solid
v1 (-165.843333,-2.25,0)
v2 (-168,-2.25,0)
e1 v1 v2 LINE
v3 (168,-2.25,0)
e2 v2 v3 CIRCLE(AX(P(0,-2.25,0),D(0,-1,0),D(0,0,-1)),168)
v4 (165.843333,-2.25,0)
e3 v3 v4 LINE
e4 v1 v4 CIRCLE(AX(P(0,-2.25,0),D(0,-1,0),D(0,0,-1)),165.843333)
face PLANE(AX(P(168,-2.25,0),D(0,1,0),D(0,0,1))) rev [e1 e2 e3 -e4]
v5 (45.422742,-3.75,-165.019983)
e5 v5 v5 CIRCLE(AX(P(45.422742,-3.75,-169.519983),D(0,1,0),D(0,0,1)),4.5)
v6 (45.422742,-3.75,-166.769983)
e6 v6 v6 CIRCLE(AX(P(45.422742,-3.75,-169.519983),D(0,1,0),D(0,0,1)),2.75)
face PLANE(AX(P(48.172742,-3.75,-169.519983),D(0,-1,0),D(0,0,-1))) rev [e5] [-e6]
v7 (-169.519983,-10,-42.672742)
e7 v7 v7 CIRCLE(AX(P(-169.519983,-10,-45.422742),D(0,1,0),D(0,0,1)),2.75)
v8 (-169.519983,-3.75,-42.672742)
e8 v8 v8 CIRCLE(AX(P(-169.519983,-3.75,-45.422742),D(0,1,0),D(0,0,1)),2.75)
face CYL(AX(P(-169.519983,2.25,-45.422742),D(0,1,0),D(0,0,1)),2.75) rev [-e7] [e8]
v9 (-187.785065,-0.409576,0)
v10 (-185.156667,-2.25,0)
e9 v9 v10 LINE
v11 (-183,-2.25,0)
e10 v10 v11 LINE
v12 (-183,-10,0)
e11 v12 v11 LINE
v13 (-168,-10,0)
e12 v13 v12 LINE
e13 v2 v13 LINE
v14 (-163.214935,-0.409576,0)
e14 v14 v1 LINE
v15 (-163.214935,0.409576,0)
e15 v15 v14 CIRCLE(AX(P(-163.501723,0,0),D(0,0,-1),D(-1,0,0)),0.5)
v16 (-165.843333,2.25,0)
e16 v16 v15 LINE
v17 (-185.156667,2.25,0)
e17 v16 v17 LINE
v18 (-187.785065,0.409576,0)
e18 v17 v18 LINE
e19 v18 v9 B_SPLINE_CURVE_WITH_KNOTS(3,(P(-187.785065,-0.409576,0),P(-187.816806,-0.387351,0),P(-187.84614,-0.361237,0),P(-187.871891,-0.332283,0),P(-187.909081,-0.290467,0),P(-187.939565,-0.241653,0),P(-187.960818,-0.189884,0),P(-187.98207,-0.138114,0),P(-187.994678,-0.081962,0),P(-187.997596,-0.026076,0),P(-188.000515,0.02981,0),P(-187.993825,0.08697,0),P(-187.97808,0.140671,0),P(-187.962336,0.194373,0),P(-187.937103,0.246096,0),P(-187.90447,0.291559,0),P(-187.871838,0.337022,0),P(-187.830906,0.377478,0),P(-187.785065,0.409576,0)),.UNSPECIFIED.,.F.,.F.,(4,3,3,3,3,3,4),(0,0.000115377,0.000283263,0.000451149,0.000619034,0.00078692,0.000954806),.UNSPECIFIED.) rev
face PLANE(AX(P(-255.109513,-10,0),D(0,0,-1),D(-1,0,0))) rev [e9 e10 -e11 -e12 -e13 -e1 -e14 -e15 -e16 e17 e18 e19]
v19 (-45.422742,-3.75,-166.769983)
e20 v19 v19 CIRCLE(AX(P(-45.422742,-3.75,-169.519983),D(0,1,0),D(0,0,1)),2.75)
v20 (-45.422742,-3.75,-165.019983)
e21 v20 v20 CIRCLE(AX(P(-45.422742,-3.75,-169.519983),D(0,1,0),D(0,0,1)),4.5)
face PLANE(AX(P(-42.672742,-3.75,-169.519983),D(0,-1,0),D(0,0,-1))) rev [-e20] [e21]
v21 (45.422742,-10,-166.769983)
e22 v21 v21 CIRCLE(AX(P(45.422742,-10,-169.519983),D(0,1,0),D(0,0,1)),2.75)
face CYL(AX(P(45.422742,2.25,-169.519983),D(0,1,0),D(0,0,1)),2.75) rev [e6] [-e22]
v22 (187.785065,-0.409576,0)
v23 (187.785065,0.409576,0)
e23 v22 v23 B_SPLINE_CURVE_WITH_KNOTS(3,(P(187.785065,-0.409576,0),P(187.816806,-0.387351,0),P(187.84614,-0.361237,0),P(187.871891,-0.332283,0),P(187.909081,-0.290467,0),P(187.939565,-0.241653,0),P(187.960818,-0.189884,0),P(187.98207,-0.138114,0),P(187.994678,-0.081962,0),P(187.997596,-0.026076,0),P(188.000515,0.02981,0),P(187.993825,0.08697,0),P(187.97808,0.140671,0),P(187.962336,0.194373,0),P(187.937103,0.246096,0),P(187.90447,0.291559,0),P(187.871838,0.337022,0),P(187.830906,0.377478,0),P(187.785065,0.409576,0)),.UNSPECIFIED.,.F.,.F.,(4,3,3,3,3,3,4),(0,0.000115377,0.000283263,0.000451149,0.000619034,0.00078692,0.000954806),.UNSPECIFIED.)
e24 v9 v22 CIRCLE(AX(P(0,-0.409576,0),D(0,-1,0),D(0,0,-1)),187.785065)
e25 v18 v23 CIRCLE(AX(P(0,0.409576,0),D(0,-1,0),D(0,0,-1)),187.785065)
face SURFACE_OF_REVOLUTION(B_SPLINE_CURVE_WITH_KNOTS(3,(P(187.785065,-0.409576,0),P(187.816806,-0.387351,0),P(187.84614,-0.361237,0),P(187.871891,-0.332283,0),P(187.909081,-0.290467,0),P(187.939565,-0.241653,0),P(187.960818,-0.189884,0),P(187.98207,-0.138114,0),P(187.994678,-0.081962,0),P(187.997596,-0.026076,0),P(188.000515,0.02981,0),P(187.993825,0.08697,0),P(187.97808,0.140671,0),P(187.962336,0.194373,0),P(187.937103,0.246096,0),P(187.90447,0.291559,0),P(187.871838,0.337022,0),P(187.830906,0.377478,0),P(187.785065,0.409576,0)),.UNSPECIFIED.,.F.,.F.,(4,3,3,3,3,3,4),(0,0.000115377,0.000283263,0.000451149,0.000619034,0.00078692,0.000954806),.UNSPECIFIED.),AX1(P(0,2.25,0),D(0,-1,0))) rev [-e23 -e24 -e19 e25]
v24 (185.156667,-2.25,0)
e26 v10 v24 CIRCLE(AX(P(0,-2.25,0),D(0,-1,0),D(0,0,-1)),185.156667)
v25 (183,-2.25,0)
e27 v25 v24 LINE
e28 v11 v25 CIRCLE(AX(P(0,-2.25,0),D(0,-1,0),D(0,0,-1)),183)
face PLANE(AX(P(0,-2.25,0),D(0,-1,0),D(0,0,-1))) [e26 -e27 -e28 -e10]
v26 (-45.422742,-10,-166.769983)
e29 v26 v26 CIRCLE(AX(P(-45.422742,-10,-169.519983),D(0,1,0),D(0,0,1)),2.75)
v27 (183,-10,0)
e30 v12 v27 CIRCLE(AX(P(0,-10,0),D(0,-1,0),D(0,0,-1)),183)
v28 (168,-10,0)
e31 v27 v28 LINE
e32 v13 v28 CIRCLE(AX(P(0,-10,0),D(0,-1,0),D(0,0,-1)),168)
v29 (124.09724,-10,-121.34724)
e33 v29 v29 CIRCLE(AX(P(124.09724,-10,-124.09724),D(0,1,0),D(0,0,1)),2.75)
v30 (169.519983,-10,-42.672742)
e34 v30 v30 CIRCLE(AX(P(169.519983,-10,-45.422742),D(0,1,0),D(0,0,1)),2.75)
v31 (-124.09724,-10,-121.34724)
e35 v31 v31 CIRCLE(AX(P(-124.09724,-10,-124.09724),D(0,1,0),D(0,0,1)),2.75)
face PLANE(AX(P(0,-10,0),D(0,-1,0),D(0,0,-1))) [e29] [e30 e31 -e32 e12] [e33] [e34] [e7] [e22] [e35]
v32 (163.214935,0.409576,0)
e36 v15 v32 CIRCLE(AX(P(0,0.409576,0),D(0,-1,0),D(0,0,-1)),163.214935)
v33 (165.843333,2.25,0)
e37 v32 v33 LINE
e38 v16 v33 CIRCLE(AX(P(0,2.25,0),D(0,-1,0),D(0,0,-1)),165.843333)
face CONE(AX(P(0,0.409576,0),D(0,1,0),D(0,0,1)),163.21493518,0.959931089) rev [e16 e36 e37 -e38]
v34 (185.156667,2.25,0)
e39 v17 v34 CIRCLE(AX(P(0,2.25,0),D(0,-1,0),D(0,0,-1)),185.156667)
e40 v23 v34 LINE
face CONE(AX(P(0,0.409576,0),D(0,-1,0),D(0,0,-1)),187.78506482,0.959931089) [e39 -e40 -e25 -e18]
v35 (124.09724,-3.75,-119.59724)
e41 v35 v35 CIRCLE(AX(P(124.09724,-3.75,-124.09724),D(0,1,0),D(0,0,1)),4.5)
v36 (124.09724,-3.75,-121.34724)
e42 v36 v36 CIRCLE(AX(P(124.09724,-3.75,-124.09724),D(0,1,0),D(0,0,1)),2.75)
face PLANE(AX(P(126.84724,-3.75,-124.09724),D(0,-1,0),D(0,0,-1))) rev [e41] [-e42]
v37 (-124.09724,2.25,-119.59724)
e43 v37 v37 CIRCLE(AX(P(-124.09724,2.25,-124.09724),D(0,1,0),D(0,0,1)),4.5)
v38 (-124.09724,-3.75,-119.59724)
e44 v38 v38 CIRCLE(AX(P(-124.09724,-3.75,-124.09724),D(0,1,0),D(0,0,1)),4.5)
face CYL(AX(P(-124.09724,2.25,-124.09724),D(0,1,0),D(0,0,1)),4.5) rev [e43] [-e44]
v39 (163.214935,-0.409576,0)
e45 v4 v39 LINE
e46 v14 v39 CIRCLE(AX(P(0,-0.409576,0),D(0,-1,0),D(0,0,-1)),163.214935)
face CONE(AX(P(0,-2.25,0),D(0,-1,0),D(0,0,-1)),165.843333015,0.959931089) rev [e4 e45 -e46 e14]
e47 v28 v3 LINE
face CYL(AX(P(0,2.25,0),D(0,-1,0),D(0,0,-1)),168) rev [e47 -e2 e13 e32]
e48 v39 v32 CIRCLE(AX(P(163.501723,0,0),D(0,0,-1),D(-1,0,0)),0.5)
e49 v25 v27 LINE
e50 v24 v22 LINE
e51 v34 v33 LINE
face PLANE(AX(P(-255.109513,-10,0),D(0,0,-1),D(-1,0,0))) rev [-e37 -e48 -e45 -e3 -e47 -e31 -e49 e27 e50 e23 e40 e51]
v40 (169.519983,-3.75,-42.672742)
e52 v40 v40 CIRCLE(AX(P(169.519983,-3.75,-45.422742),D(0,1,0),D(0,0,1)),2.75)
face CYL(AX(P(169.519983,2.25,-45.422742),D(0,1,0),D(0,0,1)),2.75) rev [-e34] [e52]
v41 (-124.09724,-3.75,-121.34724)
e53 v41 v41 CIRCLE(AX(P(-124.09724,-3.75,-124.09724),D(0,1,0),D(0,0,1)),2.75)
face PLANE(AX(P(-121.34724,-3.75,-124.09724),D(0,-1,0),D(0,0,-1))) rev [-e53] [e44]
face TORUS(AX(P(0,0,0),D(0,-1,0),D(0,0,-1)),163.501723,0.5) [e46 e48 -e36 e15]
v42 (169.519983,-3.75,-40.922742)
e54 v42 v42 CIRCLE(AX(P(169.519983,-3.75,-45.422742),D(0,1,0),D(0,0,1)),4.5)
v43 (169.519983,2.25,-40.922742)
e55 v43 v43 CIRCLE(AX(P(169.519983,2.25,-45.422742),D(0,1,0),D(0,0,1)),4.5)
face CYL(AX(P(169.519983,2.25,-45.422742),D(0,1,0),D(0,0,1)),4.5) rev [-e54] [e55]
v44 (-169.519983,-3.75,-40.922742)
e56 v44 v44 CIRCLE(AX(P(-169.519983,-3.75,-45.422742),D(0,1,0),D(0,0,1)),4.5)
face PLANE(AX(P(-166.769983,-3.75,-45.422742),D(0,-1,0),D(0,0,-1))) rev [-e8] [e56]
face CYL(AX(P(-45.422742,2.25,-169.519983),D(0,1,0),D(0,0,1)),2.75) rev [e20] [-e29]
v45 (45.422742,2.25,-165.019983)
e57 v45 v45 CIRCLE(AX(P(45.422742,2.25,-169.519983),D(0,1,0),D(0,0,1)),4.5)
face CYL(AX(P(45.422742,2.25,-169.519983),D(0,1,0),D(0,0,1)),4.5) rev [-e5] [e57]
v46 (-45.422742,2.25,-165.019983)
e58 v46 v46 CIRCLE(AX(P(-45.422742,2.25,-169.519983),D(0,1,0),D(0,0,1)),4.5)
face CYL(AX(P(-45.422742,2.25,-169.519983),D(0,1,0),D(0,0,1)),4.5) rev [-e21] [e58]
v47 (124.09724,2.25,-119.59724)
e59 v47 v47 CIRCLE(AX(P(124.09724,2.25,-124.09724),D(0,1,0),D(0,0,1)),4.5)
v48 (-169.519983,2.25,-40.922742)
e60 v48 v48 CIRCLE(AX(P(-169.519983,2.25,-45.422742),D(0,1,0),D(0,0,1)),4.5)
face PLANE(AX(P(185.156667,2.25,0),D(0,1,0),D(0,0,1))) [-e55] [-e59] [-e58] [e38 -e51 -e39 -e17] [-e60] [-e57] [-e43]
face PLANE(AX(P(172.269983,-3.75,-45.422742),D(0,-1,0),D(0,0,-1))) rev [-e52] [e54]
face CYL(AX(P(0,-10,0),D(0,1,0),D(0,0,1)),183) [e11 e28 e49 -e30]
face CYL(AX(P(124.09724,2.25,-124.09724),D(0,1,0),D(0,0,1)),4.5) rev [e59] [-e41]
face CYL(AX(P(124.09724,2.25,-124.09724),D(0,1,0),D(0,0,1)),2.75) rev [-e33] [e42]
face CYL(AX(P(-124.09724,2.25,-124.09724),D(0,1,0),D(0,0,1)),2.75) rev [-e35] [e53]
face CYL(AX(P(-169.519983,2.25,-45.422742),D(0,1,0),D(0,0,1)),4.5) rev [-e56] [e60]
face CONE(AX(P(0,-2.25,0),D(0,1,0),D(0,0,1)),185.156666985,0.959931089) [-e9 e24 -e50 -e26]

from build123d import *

# Parameters (mm, degrees)
SKETCH_2_R                   = 183
EXTRUDE_1_DEPTH              = 7.75
HOLE_WIZARD_M5_1_D           = 5.5
HOLE_WIZARD_M5_1_CBORE_D     = 9
HOLE_WIZARD_M5_1_CBORE_DEPTH = 6
SKETCH_6_W                   = 499.91157149
SKETCH_6_H                   = 215.35218654
CUT_EXTRUDE_1_DEPTH          = 267.151754372


with BuildPart() as part:
    # 草图1 → 旋转1 (revolve)
    with BuildSketch(Plane.XY, mode=Mode.PRIVATE) as revolve_1_sk:
        with BuildLine():
            Line((185.156666985, 2.25), (0, 2.25))
            Line((0, 2.25), (0, -2.25))
            Line((0, -2.25), (185.156666985, -2.25))
            Line((185.156666985, -2.25), (187.78506482, -0.409576022))
            add(Edge.make_bspline(
                [(187.78506482, 0.409576022), (187.830906121, 0.377477598), (187.871837762, 0.337021948), (187.904470176, 0.291559224), (187.937102589, 0.246096499), (187.962335818, 0.194372782), (187.978080287, 0.140671335), (187.993824756, 0.086969887), (188.000514717, 0.029809558), (187.997596172, -0.026076181), (187.994677627, -0.08196192), (187.982070079, -0.138114466), (187.960817564, -0.189883804), (187.939565048, -0.241653142), (187.909081396, -0.290467133), (187.87189097, -0.332283469), (187.846140091, -0.361237358), (187.816805619, -0.387350876), (187.78506482, -0.409576022)],
                knots=[0, 0, 0, 0, 0.000167886, 0.000167886, 0.000167886, 0.000335771, 0.000335771, 0.000335771, 0.000503657, 0.000503657, 0.000503657, 0.000671543, 0.000671543, 0.000671543, 0.000839428, 0.000839428, 0.000839428, 0.000954806, 0.000954806, 0.000954806, 0.000954806], degree=3))
            Line((187.78506482, 0.409576022), (185.156666985, 2.25))
        make_face()
    revolve(revolve_1_sk.sketch.rotate(Axis((0, 2.25, 0), (0, -1, 0)), 270), axis=Axis((0, 2.25, 0), (0, -1, 0)))

    # 草图2 → 凸台-拉伸1 (add)
    with BuildSketch(Plane.XZ.offset(2.25)):
        with Locations(Location((0, 0, 0), (0, 0, 270))):
            Circle(SKETCH_2_R)
    extrude(amount=EXTRUDE_1_DEPTH)

    # 草图3 → 切除-旋转1 (revolve, cut)
    with BuildSketch(Plane.XY, mode=Mode.PRIVATE) as cut_revolve_1_sk:
        with BuildLine():
            Line((165.843333015, 2.25), (0, 2.25))
            Line((0, 2.25), (0, -10))
            Line((0, -10), (168, -10))
            Line((168, -10), (168, -2.25))
            Line((168, -2.25), (165.843333015, -2.25))
            Line((165.843333015, -2.25), (163.21493518, -0.409576022))
            ThreePointArc((163.21493518, -0.409576022), (163.001723398, 0), (163.21493518, 0.409576022))
            Line((163.21493518, 0.409576022), (165.843333015, 2.25))
        make_face()
    revolve(cut_revolve_1_sk.sketch.rotate(Axis((0, 2.25, 0), (0, -1, 0)), 270), axis=Axis((0, 2.25, 0), (0, -1, 0)), mode=Mode.SUBTRACT)

    # M5 六角头螺栓的柱形沉头孔1 (through all)
    with Locations(Plane(origin=(0, 2.25, 0), x_dir=(1, 0, 0), z_dir=(0, 1, 0))):
        with Locations((-45.422742415, -169.519982514), (-124.097240098, -124.097240098), (-169.519982514, -45.422742415), (45.422742415, -169.519982514), (124.097240098, -124.097240098), (169.519982514, -45.422742415), (-45.422742415, 169.519982514), (-124.097240098, 124.097240098), (-169.519982514, 45.422742415), (45.422742415, 169.519982514), (124.097240098, 124.097240098), (169.519982514, 45.422742415)):
            CounterBoreHole(HOLE_WIZARD_M5_1_D / 2, HOLE_WIZARD_M5_1_CBORE_D / 2, HOLE_WIZARD_M5_1_CBORE_DEPTH)

    # 草图6 → 切除-拉伸1 (cut, through all)
    with BuildSketch(Plane(origin=(0, 2.25, 0), x_dir=(1, 0, 0), z_dir=(0, 1, 0))):
        with Locations((-5.153727541, -107.67609327)):
            Rectangle(SKETCH_6_W, SKETCH_6_H)
    extrude(amount=-CUT_EXTRUDE_1_DEPTH, mode=Mode.SUBTRACT)


solid = part.part
